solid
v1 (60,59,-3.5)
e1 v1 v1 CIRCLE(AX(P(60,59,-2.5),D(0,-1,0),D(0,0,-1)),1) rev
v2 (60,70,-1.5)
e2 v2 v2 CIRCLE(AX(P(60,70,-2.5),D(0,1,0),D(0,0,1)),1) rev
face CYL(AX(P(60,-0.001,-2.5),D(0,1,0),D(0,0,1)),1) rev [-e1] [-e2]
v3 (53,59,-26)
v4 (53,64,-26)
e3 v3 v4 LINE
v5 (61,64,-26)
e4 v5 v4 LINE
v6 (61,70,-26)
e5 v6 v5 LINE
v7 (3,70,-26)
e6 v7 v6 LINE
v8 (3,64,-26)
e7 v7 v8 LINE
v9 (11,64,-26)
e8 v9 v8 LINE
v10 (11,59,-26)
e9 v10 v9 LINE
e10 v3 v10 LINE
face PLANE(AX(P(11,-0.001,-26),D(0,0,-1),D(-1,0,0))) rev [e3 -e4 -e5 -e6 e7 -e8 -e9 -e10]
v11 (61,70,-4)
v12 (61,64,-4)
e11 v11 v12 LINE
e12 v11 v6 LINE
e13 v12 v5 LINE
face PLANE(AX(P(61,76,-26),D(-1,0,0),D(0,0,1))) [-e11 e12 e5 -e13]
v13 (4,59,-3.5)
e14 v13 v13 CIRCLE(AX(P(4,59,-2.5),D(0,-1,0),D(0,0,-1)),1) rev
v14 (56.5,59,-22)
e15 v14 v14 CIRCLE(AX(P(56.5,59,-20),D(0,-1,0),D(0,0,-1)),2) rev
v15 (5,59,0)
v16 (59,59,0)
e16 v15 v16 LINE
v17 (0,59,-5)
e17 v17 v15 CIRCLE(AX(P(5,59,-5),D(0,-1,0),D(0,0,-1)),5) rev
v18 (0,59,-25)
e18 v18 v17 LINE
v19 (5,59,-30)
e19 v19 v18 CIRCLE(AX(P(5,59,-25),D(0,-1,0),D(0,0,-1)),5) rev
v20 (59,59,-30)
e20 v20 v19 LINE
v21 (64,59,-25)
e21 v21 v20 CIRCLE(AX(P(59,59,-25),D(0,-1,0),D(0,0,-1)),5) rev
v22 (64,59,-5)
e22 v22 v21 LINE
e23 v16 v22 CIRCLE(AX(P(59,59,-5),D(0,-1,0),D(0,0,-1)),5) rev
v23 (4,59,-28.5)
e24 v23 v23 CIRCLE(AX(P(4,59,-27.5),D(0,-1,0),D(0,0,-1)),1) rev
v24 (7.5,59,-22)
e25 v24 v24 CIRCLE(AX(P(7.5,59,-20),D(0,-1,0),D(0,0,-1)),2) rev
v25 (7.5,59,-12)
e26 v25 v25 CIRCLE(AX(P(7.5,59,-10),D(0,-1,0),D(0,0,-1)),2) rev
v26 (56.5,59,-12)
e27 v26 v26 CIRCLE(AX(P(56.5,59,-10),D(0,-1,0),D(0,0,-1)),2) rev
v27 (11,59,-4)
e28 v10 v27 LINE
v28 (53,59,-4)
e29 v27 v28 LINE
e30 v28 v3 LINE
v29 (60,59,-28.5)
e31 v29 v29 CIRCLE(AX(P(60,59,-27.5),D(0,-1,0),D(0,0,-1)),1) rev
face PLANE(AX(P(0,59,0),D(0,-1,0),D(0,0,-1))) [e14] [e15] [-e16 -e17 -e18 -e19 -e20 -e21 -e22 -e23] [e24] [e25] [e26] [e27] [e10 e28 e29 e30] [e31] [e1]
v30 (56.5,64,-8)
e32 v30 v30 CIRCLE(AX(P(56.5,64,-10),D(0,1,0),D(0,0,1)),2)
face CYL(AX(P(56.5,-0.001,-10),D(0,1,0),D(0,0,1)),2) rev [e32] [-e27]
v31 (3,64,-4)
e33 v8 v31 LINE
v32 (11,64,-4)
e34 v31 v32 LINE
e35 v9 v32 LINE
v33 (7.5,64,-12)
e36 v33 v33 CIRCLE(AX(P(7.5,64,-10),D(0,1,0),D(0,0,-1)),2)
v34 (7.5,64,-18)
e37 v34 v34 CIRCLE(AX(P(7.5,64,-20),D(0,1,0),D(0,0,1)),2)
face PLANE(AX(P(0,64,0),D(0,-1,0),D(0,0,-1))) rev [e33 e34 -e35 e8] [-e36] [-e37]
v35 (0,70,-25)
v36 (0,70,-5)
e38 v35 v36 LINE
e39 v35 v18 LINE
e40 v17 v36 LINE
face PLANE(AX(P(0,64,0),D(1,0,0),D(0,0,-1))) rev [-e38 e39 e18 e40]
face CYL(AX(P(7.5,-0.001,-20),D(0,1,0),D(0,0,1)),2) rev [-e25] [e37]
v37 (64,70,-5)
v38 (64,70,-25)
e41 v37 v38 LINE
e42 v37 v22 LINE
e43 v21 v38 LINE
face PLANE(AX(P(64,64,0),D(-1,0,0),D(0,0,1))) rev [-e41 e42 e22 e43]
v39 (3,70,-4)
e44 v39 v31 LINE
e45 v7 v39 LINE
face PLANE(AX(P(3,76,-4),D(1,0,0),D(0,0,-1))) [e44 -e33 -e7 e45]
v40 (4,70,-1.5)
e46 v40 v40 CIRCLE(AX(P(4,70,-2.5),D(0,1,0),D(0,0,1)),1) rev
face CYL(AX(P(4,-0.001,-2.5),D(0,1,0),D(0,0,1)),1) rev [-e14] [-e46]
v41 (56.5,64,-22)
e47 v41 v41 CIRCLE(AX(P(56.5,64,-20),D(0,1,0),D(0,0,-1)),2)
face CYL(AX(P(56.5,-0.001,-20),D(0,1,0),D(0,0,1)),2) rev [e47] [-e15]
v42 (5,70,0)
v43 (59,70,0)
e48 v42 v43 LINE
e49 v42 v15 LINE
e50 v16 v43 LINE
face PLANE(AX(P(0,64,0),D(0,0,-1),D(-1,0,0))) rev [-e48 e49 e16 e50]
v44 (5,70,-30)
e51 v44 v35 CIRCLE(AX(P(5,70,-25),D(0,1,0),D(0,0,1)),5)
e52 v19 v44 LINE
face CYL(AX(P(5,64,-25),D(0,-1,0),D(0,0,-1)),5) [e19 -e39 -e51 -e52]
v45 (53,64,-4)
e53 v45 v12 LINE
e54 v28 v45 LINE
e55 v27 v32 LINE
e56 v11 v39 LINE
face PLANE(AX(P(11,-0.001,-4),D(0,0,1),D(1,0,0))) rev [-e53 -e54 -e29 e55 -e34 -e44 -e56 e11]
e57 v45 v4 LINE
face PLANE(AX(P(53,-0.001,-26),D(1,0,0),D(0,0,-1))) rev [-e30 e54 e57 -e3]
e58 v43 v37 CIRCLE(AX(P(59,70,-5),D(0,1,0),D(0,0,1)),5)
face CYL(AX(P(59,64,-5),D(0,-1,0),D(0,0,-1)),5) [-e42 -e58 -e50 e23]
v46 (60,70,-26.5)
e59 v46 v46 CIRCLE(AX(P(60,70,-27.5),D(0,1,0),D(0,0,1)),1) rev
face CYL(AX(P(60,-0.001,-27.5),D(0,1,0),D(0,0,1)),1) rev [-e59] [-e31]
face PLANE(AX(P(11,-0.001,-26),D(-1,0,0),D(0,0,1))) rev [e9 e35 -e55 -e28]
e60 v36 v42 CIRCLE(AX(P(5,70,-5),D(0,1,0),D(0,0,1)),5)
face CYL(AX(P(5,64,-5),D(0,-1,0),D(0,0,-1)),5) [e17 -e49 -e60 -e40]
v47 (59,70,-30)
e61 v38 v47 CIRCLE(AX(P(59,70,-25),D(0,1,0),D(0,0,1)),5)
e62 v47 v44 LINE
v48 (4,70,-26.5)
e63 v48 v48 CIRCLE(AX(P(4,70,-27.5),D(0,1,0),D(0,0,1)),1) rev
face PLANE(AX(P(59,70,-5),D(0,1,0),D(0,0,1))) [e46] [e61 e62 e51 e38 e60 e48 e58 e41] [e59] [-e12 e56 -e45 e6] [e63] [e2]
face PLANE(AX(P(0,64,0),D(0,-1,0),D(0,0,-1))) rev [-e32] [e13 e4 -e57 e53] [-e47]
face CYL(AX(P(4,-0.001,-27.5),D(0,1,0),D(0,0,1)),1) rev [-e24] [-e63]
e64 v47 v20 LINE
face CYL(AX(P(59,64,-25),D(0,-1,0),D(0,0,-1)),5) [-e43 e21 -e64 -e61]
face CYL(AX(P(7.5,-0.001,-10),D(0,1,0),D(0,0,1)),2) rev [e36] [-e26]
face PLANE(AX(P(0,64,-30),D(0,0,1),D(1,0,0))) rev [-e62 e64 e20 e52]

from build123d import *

# Parameters (mm, degrees)
SKETCH2_W           = 64
SKETCH2_H           = 30
BOSS_EXTRUDE1_DEPTH = 64
CUT_EXTRUDE1_REACH  = 97.352
SKETCH3_W           = 42
SKETCH3_H           = 22
CUT_EXTRUDE2_REACH  = 97.352
SKETCH4_R           = 2
SKETCH5_W           = 64
SKETCH5_H           = 30
SKETCH5_W_2         = 58
SKETCH5_H_2         = 22
BOSS_EXTRUDE2_DEPTH = 12
CUT_EXTRUDE3_REACH  = 105.788
SKETCH6_R           = 1
FILLET1_R           = 5
CUT_EXTRUDE4_DEPTH  = 59
CUT_EXTRUDE7_DEPTH  = 6


with BuildPart() as part:
    # Sketch2 → Boss-Extrude1 (new body)
    with BuildSketch(Plane(origin=(0, 0, 0), x_dir=(1, 0, 0), z_dir=(0, 1, 0))):
        with Locations((32, 15)):
            Rectangle(SKETCH2_W, SKETCH2_H)
    extrude(amount=BOSS_EXTRUDE1_DEPTH)

    # Sketch3 → Cut-Extrude1 (cut, up to next)
    with BuildSketch(Plane(origin=(0, 64, 0), x_dir=(1, 0, 0), z_dir=(0, 1, 0)), mode=Mode.PRIVATE) as cut_extrude1_sk1:
        with Locations((32, 15)):
            Rectangle(SKETCH3_W, SKETCH3_H)
    cut_extrude1_tool1 = extrude(cut_extrude1_sk1.sketch, amount=-CUT_EXTRUDE1_REACH, mode=Mode.PRIVATE) & part.part
    add(cut_extrude1_tool1.solids().sort_by_distance((32, 64, -15))[0], mode=Mode.SUBTRACT)

    # Sketch4 → Cut-Extrude2 (cut, up to next)
    with BuildSketch(Plane(origin=(0, 64, 0), x_dir=(1, 0, 0), z_dir=(0, 1, 0)), mode=Mode.PRIVATE) as cut_extrude2_sk1:
        with Locations(Location((7.5, 20, 0), (0, 0, 270))):
            Circle(SKETCH4_R)
    cut_extrude2_tool1 = extrude(cut_extrude2_sk1.sketch, amount=-CUT_EXTRUDE2_REACH, mode=Mode.PRIVATE) & part.part
    # Sketch4 → Cut-Extrude2 (cut, up to next)
    with BuildSketch(Plane(origin=(0, 64, 0), x_dir=(1, 0, 0), z_dir=(0, 1, 0)), mode=Mode.PRIVATE) as cut_extrude2_sk2:
        with Locations(Location((7.5, 10, 0), (0, 0, 90))):
            Circle(SKETCH4_R)
    cut_extrude2_tool2 = extrude(cut_extrude2_sk2.sketch, amount=-CUT_EXTRUDE2_REACH, mode=Mode.PRIVATE) & part.part
    # Sketch4 → Cut-Extrude2 (cut, up to next)
    with BuildSketch(Plane(origin=(0, 64, 0), x_dir=(1, 0, 0), z_dir=(0, 1, 0)), mode=Mode.PRIVATE) as cut_extrude2_sk3:
        with Locations(Location((56.5, 10, 0), (0, 0, 270))):
            Circle(SKETCH4_R)
    cut_extrude2_tool3 = extrude(cut_extrude2_sk3.sketch, amount=-CUT_EXTRUDE2_REACH, mode=Mode.PRIVATE) & part.part
    # Sketch4 → Cut-Extrude2 (cut, up to next)
    with BuildSketch(Plane(origin=(0, 64, 0), x_dir=(1, 0, 0), z_dir=(0, 1, 0)), mode=Mode.PRIVATE) as cut_extrude2_sk4:
        with Locations(Location((56.5, 20, 0), (0, 0, 90))):
            Circle(SKETCH4_R)
    cut_extrude2_tool4 = extrude(cut_extrude2_sk4.sketch, amount=-CUT_EXTRUDE2_REACH, mode=Mode.PRIVATE) & part.part
    add(cut_extrude2_tool1.solids().sort_by_distance((7.5, 64, -20))[0], mode=Mode.SUBTRACT)
    add(cut_extrude2_tool2.solids().sort_by_distance((7.5, 64, -10))[0], mode=Mode.SUBTRACT)
    add(cut_extrude2_tool3.solids().sort_by_distance((56.5, 64, -10))[0], mode=Mode.SUBTRACT)
    add(cut_extrude2_tool4.solids().sort_by_distance((56.5, 64, -20))[0], mode=Mode.SUBTRACT)

    # Sketch5 → Boss-Extrude2 (add)
    with BuildSketch(Plane(origin=(0, 64, 0), x_dir=(1, 0, 0), z_dir=(0, 1, 0))):
        with Locations((32, 15)):
            Rectangle(SKETCH5_W, SKETCH5_H)
        with Locations((32, 15)):
            Rectangle(SKETCH5_W_2, SKETCH5_H_2, mode=Mode.SUBTRACT)
    extrude(amount=BOSS_EXTRUDE2_DEPTH)

    # Sketch6 → Cut-Extrude3 (cut, up to next)
    with BuildSketch(Plane(origin=(0, 76, 0), x_dir=(1, 0, 0), z_dir=(0, 1, 0)), mode=Mode.PRIVATE) as cut_extrude3_sk1:
        with Locations(Location((4, 27.5, 0), (0, 0, 270))):
            Circle(SKETCH6_R)
    cut_extrude3_tool1 = extrude(cut_extrude3_sk1.sketch, amount=-CUT_EXTRUDE3_REACH, mode=Mode.PRIVATE) & part.part
    # Sketch6 → Cut-Extrude3 (cut, up to next)
    with BuildSketch(Plane(origin=(0, 76, 0), x_dir=(1, 0, 0), z_dir=(0, 1, 0)), mode=Mode.PRIVATE) as cut_extrude3_sk2:
        with Locations(Location((4, 2.5, 0), (0, 0, 90))):
            Circle(SKETCH6_R)
    cut_extrude3_tool2 = extrude(cut_extrude3_sk2.sketch, amount=-CUT_EXTRUDE3_REACH, mode=Mode.PRIVATE) & part.part
    # Sketch6 → Cut-Extrude3 (cut, up to next)
    with BuildSketch(Plane(origin=(0, 76, 0), x_dir=(1, 0, 0), z_dir=(0, 1, 0)), mode=Mode.PRIVATE) as cut_extrude3_sk3:
        with Locations(Location((60, 2.5, 0), (0, 0, 270))):
            Circle(SKETCH6_R)
    cut_extrude3_tool3 = extrude(cut_extrude3_sk3.sketch, amount=-CUT_EXTRUDE3_REACH, mode=Mode.PRIVATE) & part.part
    # Sketch6 → Cut-Extrude3 (cut, up to next)
    with BuildSketch(Plane(origin=(0, 76, 0), x_dir=(1, 0, 0), z_dir=(0, 1, 0)), mode=Mode.PRIVATE) as cut_extrude3_sk4:
        with Locations(Location((60, 27.5, 0), (0, 0, 90))):
            Circle(SKETCH6_R)
    cut_extrude3_tool4 = extrude(cut_extrude3_sk4.sketch, amount=-CUT_EXTRUDE3_REACH, mode=Mode.PRIVATE) & part.part
    add(cut_extrude3_tool1.solids().sort_by_distance((4, 76, -27.5))[0], mode=Mode.SUBTRACT)
    add(cut_extrude3_tool2.solids().sort_by_distance((4, 76, -2.5))[0], mode=Mode.SUBTRACT)
    add(cut_extrude3_tool3.solids().sort_by_distance((60, 76, -2.5))[0], mode=Mode.SUBTRACT)
    add(cut_extrude3_tool4.solids().sort_by_distance((60, 76, -27.5))[0], mode=Mode.SUBTRACT)

    # Fillet1
    fillet1_edges = [part.edges().sort_by_distance(p)[0] for p in [
        (0, 38, -30),
        (64, 38, -30),
        (64, 38, 0),
        (0, 38, 0),
    ]]
    fillet(fillet1_edges, radius=FILLET1_R)

    # Sketch7 → Cut-Extrude4 (cut)
    with BuildSketch(Plane.XZ):
        with BuildLine():
            Line((5, -30), (59, -30))
            ThreePointArc((59, -30), (62.535533906, -28.535533906), (64, -25))
            Line((64, -25), (64, -5))
            ThreePointArc((64, -5), (62.535533906, -1.464466094), (59, 0))
            Line((59, 0), (5, 0))
            ThreePointArc((5, 0), (1.464466094, -1.464466094), (0, -5))
            Line((0, -5), (0, -25))
            ThreePointArc((0, -25), (1.464466094, -28.535533906), (5, -30))
        make_face()
    extrude(amount=-CUT_EXTRUDE4_DEPTH, mode=Mode.SUBTRACT)

    # Sketch10 → Cut-Extrude7 (cut)
    with BuildSketch(Plane(origin=(0, 76, 0), x_dir=(1, 0, 0), z_dir=(0, 1, 0))):
        with BuildLine():
            Line((64, 5), (64, 25))
            ThreePointArc((64, 25), (62.535533906, 28.535533906), (59, 30))
            Line((59, 30), (5, 30))
            ThreePointArc((5, 30), (1.464466094, 28.535533906), (0, 25))
            Line((0, 25), (0, 5))
            ThreePointArc((0, 5), (1.464466094, 1.464466094), (5, 0))
            Line((5, 0), (59, 0))
            ThreePointArc((59, 0), (62.535533906, 1.464466094), (64, 5))
        make_face()
    extrude(amount=-CUT_EXTRUDE7_DEPTH, mode=Mode.SUBTRACT)


solid = part.part
